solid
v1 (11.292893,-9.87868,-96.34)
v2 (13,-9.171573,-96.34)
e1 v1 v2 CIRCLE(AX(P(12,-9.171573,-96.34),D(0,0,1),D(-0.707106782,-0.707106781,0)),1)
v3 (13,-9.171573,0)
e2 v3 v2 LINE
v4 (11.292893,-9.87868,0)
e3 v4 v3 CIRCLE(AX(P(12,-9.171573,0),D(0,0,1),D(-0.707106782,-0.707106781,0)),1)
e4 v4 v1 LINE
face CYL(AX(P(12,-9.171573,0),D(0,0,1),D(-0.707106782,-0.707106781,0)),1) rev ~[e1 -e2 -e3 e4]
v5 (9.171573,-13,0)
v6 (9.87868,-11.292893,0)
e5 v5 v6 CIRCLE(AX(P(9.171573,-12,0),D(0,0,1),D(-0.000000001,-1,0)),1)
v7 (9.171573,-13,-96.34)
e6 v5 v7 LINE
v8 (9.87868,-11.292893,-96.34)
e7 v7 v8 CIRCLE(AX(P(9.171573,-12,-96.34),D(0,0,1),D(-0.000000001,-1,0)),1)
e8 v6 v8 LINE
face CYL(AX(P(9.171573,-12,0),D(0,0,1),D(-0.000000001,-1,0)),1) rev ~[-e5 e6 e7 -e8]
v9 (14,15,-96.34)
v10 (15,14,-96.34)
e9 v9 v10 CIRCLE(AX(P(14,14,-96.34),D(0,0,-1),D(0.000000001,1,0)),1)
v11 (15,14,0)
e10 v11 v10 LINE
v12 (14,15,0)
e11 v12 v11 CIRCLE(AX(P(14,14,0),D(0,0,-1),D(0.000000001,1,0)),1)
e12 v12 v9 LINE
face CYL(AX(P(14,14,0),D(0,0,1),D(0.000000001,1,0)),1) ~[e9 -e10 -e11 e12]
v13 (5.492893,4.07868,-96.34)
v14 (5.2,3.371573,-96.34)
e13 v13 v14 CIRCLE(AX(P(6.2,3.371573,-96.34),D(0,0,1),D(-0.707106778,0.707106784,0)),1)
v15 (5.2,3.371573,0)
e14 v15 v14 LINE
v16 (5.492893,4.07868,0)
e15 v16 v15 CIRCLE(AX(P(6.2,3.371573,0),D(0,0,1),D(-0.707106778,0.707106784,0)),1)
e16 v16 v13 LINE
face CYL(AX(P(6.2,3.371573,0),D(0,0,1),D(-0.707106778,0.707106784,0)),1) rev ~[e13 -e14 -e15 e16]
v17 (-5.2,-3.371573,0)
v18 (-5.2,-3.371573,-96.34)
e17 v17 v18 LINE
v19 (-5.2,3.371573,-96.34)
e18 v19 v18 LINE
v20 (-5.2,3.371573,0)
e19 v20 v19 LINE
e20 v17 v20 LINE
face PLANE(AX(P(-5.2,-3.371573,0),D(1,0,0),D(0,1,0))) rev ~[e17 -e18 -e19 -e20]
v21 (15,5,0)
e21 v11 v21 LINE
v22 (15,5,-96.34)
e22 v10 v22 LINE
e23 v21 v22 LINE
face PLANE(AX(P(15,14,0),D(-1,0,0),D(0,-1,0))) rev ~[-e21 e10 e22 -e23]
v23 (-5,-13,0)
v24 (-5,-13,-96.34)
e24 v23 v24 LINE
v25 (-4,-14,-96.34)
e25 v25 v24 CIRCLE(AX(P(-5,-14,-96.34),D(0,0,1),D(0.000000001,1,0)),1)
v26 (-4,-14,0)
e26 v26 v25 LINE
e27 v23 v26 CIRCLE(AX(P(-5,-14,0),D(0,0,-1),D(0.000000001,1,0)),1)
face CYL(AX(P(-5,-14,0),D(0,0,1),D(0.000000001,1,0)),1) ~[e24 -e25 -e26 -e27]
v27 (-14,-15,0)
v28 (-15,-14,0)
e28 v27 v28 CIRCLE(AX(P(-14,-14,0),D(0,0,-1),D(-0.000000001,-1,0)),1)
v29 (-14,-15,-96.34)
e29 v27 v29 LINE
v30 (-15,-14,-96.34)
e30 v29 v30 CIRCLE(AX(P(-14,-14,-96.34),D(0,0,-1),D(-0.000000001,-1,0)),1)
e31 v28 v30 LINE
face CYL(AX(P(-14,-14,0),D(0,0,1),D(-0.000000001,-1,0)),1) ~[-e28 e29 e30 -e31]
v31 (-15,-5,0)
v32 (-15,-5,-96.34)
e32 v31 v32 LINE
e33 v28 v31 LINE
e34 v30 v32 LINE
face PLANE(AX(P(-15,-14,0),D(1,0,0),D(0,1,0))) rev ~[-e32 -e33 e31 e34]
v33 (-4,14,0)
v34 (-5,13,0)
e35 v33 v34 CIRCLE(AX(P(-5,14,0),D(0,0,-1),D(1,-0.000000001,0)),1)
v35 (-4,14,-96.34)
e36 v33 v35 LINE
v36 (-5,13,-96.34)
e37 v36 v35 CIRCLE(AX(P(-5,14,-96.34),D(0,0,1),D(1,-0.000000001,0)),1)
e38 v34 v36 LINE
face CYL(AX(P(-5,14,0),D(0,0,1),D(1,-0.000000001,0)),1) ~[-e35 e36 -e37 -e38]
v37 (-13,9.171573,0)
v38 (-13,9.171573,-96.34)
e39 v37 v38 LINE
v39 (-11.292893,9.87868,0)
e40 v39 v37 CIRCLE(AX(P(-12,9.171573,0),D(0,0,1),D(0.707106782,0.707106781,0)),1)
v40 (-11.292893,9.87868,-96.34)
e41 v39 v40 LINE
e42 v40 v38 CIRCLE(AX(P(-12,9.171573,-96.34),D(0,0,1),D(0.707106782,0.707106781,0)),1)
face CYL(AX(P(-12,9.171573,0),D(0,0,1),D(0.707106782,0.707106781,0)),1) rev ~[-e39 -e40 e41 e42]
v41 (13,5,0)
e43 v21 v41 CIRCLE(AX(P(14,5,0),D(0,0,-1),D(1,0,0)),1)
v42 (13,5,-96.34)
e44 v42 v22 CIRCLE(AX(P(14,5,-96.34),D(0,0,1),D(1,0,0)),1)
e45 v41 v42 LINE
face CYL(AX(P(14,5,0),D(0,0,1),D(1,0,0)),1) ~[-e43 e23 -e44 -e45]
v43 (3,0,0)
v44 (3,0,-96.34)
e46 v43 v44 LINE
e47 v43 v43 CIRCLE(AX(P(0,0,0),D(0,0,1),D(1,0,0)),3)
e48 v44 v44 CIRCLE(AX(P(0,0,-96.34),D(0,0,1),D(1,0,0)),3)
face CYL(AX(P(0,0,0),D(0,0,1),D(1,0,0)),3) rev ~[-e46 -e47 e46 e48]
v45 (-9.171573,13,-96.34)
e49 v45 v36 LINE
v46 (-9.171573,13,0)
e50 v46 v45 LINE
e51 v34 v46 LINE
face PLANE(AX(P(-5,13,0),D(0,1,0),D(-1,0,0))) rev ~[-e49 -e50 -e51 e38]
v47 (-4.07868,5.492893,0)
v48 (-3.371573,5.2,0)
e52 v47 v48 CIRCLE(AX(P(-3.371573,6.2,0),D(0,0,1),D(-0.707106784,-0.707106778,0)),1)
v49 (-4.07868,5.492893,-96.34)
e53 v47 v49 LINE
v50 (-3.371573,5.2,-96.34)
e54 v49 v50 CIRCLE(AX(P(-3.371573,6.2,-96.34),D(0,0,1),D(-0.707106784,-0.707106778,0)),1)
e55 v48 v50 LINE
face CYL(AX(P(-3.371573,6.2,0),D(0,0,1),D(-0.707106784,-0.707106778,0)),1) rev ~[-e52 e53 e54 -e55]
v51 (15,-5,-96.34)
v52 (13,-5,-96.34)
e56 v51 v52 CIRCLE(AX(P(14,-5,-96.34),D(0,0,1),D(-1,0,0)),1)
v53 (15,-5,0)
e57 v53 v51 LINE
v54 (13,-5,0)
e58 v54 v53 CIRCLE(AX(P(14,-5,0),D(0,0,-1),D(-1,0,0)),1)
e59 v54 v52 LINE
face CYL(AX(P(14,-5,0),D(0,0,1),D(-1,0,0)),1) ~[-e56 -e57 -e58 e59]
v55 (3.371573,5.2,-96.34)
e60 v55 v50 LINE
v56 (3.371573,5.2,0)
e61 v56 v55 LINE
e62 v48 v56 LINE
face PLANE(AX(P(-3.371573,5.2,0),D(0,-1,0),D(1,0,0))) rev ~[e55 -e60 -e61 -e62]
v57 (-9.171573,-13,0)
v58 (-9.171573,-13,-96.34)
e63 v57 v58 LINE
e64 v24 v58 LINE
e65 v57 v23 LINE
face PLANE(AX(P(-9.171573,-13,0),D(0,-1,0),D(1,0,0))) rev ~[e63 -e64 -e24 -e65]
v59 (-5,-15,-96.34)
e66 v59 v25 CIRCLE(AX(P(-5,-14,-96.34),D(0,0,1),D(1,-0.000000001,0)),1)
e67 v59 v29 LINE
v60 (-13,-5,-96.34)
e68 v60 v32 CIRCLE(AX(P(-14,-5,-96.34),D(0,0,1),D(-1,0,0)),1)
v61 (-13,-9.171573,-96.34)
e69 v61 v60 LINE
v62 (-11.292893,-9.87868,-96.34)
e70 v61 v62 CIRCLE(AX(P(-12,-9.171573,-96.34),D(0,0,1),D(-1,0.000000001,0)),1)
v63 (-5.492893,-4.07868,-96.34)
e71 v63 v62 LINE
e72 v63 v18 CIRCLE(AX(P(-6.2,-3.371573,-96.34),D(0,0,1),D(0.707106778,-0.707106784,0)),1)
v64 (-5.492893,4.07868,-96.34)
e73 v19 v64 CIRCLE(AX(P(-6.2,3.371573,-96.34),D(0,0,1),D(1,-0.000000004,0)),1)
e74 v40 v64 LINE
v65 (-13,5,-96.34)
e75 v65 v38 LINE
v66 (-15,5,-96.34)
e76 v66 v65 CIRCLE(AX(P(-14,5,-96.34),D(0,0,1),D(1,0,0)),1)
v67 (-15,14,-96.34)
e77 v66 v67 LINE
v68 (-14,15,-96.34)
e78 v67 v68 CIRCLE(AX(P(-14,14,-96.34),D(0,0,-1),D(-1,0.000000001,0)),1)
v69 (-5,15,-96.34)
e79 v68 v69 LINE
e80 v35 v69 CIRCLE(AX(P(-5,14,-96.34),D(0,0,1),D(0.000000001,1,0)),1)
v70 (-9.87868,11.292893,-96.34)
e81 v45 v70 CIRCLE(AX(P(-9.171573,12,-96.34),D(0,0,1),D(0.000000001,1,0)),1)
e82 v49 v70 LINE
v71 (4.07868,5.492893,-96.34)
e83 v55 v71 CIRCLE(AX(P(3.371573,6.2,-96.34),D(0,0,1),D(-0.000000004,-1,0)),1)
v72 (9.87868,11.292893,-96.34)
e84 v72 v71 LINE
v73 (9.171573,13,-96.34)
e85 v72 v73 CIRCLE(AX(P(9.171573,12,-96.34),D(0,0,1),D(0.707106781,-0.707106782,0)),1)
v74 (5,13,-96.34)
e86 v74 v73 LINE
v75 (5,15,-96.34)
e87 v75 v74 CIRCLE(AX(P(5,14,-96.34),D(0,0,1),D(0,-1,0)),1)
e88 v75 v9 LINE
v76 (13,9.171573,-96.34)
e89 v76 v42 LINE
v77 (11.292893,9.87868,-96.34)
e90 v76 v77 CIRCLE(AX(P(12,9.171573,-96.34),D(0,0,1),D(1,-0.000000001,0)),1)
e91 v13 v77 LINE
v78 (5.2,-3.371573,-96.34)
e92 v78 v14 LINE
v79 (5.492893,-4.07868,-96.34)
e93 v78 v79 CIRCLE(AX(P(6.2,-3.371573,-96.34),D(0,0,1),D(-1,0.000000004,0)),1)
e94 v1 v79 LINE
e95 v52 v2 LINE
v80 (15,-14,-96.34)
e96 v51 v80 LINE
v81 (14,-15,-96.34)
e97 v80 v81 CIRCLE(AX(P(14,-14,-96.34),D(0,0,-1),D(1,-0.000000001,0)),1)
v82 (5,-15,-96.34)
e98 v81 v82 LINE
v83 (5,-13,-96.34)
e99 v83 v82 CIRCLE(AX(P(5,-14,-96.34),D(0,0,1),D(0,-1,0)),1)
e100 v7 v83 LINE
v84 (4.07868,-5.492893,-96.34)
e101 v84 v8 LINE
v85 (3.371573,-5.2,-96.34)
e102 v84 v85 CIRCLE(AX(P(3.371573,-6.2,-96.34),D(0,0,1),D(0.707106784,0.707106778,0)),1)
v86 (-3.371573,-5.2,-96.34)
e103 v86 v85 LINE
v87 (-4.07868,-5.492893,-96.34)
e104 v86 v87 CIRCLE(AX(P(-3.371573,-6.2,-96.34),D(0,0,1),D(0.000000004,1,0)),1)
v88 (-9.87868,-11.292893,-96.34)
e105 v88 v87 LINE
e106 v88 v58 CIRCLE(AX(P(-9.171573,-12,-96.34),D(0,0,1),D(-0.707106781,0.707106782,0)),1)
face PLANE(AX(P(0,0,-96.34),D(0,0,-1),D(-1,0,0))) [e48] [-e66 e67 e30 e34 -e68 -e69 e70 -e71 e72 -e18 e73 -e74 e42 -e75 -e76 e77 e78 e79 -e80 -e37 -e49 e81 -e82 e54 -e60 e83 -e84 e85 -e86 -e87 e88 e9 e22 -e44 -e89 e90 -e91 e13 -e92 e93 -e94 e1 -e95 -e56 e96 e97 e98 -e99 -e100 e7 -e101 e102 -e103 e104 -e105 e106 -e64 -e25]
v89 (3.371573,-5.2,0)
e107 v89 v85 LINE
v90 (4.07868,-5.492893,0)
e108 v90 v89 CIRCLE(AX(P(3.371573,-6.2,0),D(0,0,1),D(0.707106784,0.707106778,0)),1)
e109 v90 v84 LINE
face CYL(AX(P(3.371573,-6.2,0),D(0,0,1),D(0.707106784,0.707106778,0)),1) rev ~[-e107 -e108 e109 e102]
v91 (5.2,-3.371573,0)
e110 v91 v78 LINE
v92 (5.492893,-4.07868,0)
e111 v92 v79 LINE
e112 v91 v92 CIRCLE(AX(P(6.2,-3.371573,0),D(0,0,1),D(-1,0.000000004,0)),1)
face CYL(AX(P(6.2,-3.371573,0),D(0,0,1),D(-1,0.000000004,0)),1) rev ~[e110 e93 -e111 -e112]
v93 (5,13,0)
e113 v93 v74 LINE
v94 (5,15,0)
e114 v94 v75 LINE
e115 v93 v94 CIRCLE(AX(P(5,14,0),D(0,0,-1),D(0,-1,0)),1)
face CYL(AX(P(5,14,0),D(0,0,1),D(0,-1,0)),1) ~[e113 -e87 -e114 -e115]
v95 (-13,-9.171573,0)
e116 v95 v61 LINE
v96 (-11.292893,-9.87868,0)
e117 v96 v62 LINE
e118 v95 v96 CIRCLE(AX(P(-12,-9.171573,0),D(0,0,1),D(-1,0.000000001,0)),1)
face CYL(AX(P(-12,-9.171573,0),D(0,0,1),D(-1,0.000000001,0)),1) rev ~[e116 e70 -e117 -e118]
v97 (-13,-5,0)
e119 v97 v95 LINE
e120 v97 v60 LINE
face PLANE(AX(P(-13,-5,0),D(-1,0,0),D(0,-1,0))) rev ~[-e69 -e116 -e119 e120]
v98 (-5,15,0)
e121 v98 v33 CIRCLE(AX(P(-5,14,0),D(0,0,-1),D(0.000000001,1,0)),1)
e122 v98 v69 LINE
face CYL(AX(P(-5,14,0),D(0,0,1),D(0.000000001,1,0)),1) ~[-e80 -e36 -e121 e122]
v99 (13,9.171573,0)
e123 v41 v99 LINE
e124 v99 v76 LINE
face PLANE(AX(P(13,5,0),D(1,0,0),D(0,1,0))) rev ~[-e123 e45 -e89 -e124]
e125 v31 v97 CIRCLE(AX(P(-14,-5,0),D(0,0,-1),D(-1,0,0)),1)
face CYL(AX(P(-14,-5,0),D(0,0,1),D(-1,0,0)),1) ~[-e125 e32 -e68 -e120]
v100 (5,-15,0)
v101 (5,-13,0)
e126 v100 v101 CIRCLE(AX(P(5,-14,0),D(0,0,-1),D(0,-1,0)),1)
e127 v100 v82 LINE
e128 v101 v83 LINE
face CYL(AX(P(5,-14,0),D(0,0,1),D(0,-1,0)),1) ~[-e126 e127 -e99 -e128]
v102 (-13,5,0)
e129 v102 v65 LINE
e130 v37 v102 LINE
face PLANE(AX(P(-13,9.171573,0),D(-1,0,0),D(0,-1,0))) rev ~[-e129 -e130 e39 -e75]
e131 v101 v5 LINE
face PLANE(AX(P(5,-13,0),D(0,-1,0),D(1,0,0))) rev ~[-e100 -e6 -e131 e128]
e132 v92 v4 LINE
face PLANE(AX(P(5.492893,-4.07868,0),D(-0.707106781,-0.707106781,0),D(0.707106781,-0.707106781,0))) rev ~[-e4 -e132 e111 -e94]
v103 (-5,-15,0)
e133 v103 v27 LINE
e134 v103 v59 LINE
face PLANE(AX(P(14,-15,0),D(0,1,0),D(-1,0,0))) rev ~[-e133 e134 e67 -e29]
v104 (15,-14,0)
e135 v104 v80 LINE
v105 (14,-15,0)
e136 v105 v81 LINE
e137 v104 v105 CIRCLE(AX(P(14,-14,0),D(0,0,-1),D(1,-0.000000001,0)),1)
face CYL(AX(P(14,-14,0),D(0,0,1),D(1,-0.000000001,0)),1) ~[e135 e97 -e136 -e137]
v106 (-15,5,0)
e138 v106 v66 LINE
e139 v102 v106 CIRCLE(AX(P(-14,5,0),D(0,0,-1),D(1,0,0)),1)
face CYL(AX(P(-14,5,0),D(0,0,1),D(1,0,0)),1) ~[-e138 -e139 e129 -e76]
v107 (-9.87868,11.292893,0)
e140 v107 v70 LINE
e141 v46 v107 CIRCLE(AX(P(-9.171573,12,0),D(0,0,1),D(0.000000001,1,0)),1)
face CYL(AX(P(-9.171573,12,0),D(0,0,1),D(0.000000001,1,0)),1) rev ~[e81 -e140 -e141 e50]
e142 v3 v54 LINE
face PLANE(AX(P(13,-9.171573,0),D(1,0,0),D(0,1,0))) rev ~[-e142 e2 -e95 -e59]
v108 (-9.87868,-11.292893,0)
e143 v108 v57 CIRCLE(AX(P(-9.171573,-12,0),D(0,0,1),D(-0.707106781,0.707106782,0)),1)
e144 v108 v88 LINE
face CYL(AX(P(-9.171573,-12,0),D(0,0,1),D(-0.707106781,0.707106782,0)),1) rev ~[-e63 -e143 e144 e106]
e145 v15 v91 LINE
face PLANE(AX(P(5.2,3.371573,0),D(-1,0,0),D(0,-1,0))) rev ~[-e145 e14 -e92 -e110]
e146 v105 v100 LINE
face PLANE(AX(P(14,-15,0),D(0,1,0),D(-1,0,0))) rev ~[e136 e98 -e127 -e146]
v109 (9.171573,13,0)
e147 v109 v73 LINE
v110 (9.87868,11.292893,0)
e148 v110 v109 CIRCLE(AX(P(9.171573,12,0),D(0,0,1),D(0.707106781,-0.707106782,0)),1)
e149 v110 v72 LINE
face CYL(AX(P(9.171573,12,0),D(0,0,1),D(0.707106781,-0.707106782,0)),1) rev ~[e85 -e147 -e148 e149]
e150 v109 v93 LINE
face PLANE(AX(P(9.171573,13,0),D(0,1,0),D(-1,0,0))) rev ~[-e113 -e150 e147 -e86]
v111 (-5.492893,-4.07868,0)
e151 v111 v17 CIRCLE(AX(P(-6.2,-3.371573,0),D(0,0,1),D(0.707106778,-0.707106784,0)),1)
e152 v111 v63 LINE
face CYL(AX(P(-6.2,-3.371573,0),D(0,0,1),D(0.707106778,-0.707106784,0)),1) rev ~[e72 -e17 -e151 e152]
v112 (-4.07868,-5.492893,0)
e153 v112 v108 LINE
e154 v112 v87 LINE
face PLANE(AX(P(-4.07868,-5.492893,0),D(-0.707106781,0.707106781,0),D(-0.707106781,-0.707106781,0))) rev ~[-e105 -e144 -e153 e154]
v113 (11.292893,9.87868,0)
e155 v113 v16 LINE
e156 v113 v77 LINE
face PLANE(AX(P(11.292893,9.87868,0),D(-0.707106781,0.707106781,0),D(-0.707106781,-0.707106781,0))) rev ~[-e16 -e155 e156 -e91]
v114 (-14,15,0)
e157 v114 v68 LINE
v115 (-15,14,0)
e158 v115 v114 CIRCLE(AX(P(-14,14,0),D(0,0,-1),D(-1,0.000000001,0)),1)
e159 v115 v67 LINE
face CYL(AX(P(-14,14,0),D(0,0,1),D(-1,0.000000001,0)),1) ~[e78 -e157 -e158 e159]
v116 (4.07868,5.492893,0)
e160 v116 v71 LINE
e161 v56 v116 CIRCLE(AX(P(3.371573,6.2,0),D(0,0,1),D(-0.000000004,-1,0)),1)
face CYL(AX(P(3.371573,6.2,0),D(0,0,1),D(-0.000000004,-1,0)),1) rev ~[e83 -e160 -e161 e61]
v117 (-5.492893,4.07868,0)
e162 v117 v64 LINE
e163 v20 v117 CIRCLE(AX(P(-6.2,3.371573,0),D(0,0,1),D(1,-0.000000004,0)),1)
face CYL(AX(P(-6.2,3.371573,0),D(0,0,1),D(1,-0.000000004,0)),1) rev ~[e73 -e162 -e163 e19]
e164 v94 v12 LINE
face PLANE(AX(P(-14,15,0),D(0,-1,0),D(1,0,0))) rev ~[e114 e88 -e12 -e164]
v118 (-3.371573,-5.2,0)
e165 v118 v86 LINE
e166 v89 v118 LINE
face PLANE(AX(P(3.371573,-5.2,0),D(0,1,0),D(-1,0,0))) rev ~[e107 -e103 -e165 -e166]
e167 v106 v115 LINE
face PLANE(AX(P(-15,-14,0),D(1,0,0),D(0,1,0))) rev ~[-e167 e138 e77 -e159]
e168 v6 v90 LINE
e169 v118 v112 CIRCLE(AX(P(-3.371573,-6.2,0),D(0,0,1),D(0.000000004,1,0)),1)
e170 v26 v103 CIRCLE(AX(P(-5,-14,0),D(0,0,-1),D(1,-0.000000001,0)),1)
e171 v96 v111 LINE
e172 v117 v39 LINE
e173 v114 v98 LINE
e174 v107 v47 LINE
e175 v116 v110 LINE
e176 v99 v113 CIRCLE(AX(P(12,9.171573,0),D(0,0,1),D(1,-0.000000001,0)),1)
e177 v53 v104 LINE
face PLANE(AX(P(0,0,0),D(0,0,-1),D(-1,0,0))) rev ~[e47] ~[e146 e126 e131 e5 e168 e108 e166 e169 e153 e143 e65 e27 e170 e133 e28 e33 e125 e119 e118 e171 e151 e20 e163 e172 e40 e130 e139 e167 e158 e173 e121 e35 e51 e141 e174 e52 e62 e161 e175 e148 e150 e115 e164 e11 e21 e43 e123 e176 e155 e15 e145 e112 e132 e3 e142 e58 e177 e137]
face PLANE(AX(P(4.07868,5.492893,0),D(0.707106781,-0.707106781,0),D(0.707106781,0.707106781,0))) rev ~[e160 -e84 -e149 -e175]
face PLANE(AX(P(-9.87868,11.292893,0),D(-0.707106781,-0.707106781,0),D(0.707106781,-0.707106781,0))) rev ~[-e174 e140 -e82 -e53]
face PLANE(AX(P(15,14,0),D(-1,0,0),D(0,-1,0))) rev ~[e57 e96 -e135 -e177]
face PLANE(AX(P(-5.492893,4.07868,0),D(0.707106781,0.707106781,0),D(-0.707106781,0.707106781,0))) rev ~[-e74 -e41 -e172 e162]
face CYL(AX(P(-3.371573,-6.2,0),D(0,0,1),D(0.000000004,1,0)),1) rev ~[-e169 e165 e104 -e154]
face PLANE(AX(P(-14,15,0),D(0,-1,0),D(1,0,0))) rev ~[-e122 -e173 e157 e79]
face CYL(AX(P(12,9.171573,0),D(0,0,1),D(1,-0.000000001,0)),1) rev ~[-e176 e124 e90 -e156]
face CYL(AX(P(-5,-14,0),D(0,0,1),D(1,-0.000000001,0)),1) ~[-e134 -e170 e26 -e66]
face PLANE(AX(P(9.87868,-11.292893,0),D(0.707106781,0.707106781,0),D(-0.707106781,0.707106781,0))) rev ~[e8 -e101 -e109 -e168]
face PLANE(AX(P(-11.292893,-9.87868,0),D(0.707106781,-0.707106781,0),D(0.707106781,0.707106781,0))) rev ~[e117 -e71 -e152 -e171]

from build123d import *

# Parameters (mm, degrees)
SALIENTE_EXTRUIR1_DEPTH = 96.34
CROQUIS2_R              = 3
CORTAR_EXTRUIR1_DEPTH   = 99.647836266
CORTAR_EXTRUIR3_DEPTH   = 99.647836266


with BuildPart() as part:
    # Croquis1 → Saliente-Extruir1 (new body)
    with BuildSketch(Plane.XY):
        with BuildLine():
            Line((-14, 15), (14, 15))
            ThreePointArc((14, 15), (14.707106781, 14.707106781), (15, 14))
            Line((15, 14), (15, -14))
            ThreePointArc((15, -14), (14.707106781, -14.707106781), (14, -15))
            Line((14, -15), (-14, -15))
            ThreePointArc((-14, -15), (-14.707106781, -14.707106781), (-15, -14))
            Line((-15, -14), (-15, 14))
            ThreePointArc((-15, 14), (-14.707106781, 14.707106781), (-14, 15))
        make_face()
    extrude(amount=-SALIENTE_EXTRUIR1_DEPTH)

    # Croquis2 → Cortar-Extruir1 (cut, through all)
    with BuildSketch(Plane.XY):
        Circle(CROQUIS2_R)
    extrude(amount=-CORTAR_EXTRUIR1_DEPTH, mode=Mode.SUBTRACT)

    # Croquis3 → Cortar-Extruir3 (cut, through all)
    with BuildSketch(Plane.XY):
        with BuildLine():
            Line((-5.492893219, 4.078679656), (-11.292893219, 9.878679656))
            ThreePointArc((-11.292893219, 9.878679656), (-12.382683432, 10.095452408), (-13, 9.171572875))
            Line((-13, 9.171572875), (-13, 5))
            ThreePointArc((-13, 5), (-14, 4), (-15, 5))
            Line((-15, 5), (-15, -5))
            ThreePointArc((-15, -5), (-14, -4), (-13, -5))
            Line((-13, -5), (-13, -9.171572875))
            ThreePointArc((-13, -9.171572875), (-12.382683432, -10.095452408), (-11.292893219, -9.878679656))
            Line((-11.292893219, -9.878679656), (-5.492893219, -4.078679656))
            ThreePointArc((-5.492893219, -4.078679656), (-5.276120467, -3.754256308), (-5.2, -3.371572875))
            Line((-5.2, -3.371572875), (-5.2, 3.371572875))
            ThreePointArc((-5.2, 3.371572875), (-5.276120467, 3.754256308), (-5.492893219, 4.078679656))
        make_face()
        with BuildLine():
            ThreePointArc((-9.171572875, 13), (-10.095452408, 12.382683432), (-9.878679656, 11.292893219))
            Line((-9.878679656, 11.292893219), (-4.078679656, 5.492893219))
            ThreePointArc((-4.078679656, 5.492893219), (-3.754256308, 5.276120467), (-3.371572875, 5.2))
            Line((-3.371572875, 5.2), (3.371572875, 5.2))
            ThreePointArc((3.371572875, 5.2), (3.754256308, 5.276120467), (4.078679656, 5.492893219))
            Line((4.078679656, 5.492893219), (9.878679656, 11.292893219))
            ThreePointArc((9.878679656, 11.292893219), (10.095452408, 12.382683432), (9.171572875, 13))
            Line((9.171572875, 13), (5, 13))
            ThreePointArc((5, 13), (4, 14), (5, 15))
            Line((5, 15), (-5, 15))
            ThreePointArc((-5, 15), (-4.292893219, 14.707106781), (-4, 14))
            ThreePointArc((-4, 14), (-4.292893219, 13.292893219), (-5, 13))
            Line((-5, 13), (-9.171572875, 13))
        make_face()
        with BuildLine():
            Line((9.878679656, -11.292893219), (4.078679656, -5.492893219))
            ThreePointArc((4.078679656, -5.492893219), (3.754256308, -5.276120467), (3.371572875, -5.2))
            Line((3.371572875, -5.2), (-3.371572875, -5.2))
            ThreePointArc((-3.371572875, -5.2), (-3.754256308, -5.276120467), (-4.078679656, -5.492893219))
            Line((-4.078679656, -5.492893219), (-9.878679656, -11.292893219))
            ThreePointArc((-9.878679656, -11.292893219), (-10.095452408, -12.382683432), (-9.171572875, -13))
            Line((-9.171572875, -13), (-5, -13))
            ThreePointArc((-5, -13), (-4.292893219, -13.292893219), (-4, -14))
            ThreePointArc((-4, -14), (-4.292893219, -14.707106781), (-5, -15))
            Line((-5, -15), (5, -15))
            ThreePointArc((5, -15), (4, -14), (5, -13))
            Line((5, -13), (9.171572875, -13))
            ThreePointArc((9.171572875, -13), (10.095452408, -12.382683432), (9.878679656, -11.292893219))
        make_face()
        with BuildLine():
            ThreePointArc((13, 9.171572875), (12.382683432, 10.095452408), (11.292893219, 9.878679656))
            Line((11.292893219, 9.878679656), (5.492893219, 4.078679656))
            ThreePointArc((5.492893219, 4.078679656), (5.276120467, 3.754256308), (5.2, 3.371572875))
            Line((5.2, 3.371572875), (5.2, -3.371572875))
            ThreePointArc((5.2, -3.371572875), (5.276120467, -3.754256308), (5.492893219, -4.078679656))
            Line((5.492893219, -4.078679656), (11.292893219, -9.878679656))
            ThreePointArc((11.292893219, -9.878679656), (12.382683432, -10.095452408), (13, -9.171572875))
            Line((13, -9.171572875), (13, -5))
            ThreePointArc((13, -5), (14, -4), (15, -5))
            Line((15, -5), (15, 5))
            ThreePointArc((15, 5), (14, 4), (13, 5))
            Line((13, 5), (13, 9.171572875))
        make_face()
    extrude(amount=-CORTAR_EXTRUIR3_DEPTH, mode=Mode.SUBTRACT)


solid = part.part
